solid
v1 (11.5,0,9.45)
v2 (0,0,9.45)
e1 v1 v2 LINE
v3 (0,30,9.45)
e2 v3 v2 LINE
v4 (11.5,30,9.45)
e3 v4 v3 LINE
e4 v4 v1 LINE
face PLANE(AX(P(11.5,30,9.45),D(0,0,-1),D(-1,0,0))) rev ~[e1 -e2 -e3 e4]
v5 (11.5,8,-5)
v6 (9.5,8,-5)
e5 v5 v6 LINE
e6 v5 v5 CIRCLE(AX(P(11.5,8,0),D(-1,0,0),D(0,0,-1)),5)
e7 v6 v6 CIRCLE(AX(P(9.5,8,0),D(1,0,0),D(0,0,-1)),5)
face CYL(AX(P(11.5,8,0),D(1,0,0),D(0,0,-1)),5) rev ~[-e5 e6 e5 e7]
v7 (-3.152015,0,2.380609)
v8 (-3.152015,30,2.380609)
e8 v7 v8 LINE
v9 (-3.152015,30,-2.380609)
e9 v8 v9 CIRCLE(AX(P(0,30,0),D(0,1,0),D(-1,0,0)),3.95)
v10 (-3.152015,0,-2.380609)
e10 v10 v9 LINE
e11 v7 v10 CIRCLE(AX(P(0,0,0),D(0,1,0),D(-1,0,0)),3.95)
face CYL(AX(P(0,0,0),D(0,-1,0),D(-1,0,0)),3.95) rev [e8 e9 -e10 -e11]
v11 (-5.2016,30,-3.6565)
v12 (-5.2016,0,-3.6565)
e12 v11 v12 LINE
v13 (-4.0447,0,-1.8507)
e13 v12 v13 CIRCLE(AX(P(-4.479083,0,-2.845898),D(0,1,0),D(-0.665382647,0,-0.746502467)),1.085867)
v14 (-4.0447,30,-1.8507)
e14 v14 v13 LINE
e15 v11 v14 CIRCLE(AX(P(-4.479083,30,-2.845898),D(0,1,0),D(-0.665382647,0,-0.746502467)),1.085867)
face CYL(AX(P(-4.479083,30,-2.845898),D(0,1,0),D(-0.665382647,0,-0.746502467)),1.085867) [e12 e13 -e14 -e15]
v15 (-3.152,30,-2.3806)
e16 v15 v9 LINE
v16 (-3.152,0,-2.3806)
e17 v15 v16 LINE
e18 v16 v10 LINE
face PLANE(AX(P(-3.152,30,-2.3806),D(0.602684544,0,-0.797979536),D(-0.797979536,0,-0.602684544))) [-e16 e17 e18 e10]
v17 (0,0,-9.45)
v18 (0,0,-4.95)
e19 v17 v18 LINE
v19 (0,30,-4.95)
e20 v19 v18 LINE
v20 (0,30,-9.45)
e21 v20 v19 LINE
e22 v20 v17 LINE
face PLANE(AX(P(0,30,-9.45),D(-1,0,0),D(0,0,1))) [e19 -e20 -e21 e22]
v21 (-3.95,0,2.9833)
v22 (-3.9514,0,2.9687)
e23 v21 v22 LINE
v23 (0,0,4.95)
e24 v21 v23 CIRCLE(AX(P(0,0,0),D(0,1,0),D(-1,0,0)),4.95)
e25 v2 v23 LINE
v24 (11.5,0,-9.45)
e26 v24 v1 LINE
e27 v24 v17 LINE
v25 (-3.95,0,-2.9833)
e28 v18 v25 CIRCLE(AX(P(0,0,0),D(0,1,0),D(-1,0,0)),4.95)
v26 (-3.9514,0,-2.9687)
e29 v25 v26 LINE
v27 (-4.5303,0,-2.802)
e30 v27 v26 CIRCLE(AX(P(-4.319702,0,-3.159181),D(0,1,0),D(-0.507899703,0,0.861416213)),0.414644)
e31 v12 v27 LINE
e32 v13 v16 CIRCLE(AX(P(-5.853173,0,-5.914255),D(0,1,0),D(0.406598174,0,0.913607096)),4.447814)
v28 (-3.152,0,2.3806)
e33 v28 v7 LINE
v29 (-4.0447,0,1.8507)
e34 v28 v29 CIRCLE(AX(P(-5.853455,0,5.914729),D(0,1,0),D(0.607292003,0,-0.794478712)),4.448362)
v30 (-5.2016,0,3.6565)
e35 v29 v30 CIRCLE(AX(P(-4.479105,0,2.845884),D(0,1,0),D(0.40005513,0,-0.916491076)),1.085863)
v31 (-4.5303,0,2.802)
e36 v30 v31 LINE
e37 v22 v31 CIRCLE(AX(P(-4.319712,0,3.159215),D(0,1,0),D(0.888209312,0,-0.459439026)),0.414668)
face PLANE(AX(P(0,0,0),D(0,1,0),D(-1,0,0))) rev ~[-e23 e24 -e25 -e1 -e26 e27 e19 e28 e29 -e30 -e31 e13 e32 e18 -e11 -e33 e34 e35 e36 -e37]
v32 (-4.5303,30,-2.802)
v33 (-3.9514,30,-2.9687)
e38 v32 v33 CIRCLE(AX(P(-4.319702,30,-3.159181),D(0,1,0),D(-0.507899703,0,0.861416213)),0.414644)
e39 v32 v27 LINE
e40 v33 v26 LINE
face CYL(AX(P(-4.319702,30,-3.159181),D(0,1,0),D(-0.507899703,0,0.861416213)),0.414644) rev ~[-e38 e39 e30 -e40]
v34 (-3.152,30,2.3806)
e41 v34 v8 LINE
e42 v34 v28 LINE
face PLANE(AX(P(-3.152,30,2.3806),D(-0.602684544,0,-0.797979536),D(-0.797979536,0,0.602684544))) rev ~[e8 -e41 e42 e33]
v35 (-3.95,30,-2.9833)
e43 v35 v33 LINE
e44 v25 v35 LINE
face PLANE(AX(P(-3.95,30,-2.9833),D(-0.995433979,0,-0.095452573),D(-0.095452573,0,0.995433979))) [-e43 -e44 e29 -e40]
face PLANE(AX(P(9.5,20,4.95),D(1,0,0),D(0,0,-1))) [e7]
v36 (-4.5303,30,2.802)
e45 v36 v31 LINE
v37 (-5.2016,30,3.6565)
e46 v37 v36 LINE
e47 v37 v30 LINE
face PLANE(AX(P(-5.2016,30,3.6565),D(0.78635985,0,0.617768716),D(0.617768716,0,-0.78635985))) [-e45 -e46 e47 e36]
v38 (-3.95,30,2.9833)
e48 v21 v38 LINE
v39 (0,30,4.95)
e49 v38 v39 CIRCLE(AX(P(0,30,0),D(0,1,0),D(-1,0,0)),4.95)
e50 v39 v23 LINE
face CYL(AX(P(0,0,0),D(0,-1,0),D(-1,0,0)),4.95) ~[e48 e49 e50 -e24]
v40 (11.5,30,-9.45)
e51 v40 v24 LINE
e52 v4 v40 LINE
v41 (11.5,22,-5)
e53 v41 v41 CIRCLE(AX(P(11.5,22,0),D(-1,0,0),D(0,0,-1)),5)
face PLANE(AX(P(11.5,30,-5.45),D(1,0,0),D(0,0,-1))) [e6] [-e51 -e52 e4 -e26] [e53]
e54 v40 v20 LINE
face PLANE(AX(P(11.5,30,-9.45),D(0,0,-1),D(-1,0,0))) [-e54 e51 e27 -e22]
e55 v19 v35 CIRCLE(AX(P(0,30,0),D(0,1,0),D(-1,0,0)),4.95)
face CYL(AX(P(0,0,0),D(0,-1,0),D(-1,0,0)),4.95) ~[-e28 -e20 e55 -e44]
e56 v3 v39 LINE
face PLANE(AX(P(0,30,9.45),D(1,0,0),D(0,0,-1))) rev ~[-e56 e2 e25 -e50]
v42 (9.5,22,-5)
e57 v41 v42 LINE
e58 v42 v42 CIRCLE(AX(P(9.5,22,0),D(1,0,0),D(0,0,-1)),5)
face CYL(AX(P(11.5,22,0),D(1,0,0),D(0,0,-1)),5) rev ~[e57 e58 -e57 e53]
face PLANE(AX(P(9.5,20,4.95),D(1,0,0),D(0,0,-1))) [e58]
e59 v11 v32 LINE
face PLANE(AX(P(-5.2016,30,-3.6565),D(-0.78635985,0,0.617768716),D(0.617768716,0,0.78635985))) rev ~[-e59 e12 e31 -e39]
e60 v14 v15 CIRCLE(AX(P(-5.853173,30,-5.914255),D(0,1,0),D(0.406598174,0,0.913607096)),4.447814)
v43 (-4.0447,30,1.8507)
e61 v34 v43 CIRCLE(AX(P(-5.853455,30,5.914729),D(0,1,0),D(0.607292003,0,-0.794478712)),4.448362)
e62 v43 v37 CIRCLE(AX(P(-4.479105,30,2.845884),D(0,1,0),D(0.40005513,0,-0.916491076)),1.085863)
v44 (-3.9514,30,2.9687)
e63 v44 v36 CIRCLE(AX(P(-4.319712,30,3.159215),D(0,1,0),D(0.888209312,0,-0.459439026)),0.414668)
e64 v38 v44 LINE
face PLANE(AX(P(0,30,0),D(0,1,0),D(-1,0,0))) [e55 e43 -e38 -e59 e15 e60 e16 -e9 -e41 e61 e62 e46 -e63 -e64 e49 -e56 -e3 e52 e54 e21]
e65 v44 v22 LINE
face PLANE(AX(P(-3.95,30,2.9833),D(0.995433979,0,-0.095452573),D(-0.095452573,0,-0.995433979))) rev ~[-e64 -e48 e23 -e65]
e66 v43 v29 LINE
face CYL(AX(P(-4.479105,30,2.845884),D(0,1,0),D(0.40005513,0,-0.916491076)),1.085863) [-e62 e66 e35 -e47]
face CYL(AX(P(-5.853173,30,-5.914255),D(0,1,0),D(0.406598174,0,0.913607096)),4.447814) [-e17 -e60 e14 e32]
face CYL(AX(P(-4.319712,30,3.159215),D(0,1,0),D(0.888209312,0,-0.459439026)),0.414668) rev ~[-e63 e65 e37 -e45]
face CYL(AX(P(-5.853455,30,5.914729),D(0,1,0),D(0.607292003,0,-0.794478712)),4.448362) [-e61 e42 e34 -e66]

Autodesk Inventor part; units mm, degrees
ref_plane "YZ Plane" through (0, 0, 0) normal (1, 0, 0) x (0, 1, 0)
ref_plane "XZ Plane" through (0, 0, 0) normal (0, 1, 0) x (-1, 0, 0)
ref_plane "XY Plane" through (0, 0, 0) normal (0, 0, 1) x (1, 0, 0)
sketch "Эскиз1" plane through (0, 0, 0) normal (0, 1, 0) x (-1, 0, 0)
  circle A0 centre (0, 0) radius 3.95
  circle A1 centre (0, 0) radius 4.95
  line L0 (0, 0) -> (3.95, 2.9833)
  line L1 (0, 0) -> (3.95, -2.9833)
  point P0 (3.152, -2.3806)
  point P1 (3.152, 2.3806)
  dimension "d0" = 7.9
  dimension "d1" = 9.9
extrude "Выдавливание1" add sketch "Эскиз1" along normal blind 30 contours A0 L1 A1 L0 picked at (3.1693, 3.3115)
sketch "Эскиз2" plane through (0, 30, 0) normal (0, 1, 0) x (1, 0, 0)
  arc A0 (-3.152, -2.3806) -> (-3.152, 2.3806) centre (0, 0) ccw projected
  arc A1 (-3.152, -2.3806) -> (-4.0447, -1.8507) centre (-5.8533, -5.9145) ccw
  arc A2 (-4.0447, -1.8507) -> (-5.2016, -3.6565) centre (-4.4791, -2.8459) ccw
  line L0 (-5.2016, -3.6565) -> (-4.5303, -2.802)
  arc A3 (-3.9514, -2.9687) -> (-4.5303, -2.802) centre (-4.3197, -3.1592) ccw
  line L1 (0, 0) -> (-3.2711, 0)
  arc A4 (-4.0447, 1.8507) -> (-3.152, 2.3806) centre (-5.8533, 5.9145) ccw
  arc A5 (-5.2016, 3.6565) -> (-4.0447, 1.8507) centre (-4.4791, 2.8459) ccw
  line L2 (-5.2016, 3.6565) -> (-4.5303, 2.802)
  arc A6 (-4.5303, 2.802) -> (-3.9514, 2.9687) centre (-4.3197, 3.1592) ccw
  line L3 (-3.152, -2.3806) -> (-3.95, -2.9833) projected
  line L4 (-3.95, -2.9833) -> (-3.152, -2.3806)
  line L5 (-3.95, -2.9833) -> (-3.9514, -2.9687)
  line L6 (-3.152, 2.3806) -> (-3.95, 2.9833)
  line L7 (-3.95, 2.9833) -> (-3.9514, 2.9687)
extrude "Выдавливание2" add sketch "Эскиз2" against normal blind 30
sketch "Эскиз3" plane through (0, 30, 0) normal (0, 1, 0) x (1, 0, 0)
  arc A0 (-3.95, -2.9833) -> (-3.95, 2.9833) centre (0, 0) ccw projected
  line L0 (11.5, -5.45) -> (11.5, 5.45)
  arc A1 (-3.152, -2.3806) -> (-3.152, 2.3806) centre (0, 0) ccw projected
  arc A2 (0, -3.95) -> (0, 3.95) centre (0, 0) ccw
  line L1 (0, -4.95) -> (0, -3.95)
  line L2 (0, 3.95) -> (0, 4.95)
  line L3 (11.5, 5.45) -> (11.5, 9.45)
  line L4 (11.5, -5.45) -> (11.5, -9.45)
  line L5 (11.5, 9.45) -> (0, 9.45)
  line L6 (0, 9.45) -> (0, 4.95)
  line L7 (11.5, -9.45) -> (0, -9.45)
  line L8 (0, -9.45) -> (0, -4.95)
  dimension "d13" = 4
  dimension "d14" = 4
  dimension "d21" = 11.5
  dimension "d22" = 18.9
  dimension "d23" = 5.5
extrude "Выдавливание3" add sketch "Эскиз3" against normal blind 30 contours A0 L6 L5 L3 L0 L4 L7 L8
sketch "Эскиз4" plane through (11.5, 20, 4.95) normal (1, 0, 0) x (0, 0, -1)
  line L0 (4.95, -20) -> (4.95, 10)
  line L1 (1, 10) -> (8.9, 10) projected
  circle A0 centre (4.95, -12) radius 5
  line L2 (14.4, -20) -> (-4.5, -20) projected
  circle A1 centre (4.95, 2) radius 5
  line L3 (-4.5, 10) -> (14.4, 10) projected
  point P0 (7.3306, 10)
  point P1 (2.5694, 10)
  point P2 (4.95, 10)
  dimension "d15" = 10
  dimension "d16" = 8
  dimension "d17" = 10
  dimension "d18" = 8
extrude "Выдавливание4" cut sketch "Эскиз4" against normal blind 2
properties part number "крепление маркера"
